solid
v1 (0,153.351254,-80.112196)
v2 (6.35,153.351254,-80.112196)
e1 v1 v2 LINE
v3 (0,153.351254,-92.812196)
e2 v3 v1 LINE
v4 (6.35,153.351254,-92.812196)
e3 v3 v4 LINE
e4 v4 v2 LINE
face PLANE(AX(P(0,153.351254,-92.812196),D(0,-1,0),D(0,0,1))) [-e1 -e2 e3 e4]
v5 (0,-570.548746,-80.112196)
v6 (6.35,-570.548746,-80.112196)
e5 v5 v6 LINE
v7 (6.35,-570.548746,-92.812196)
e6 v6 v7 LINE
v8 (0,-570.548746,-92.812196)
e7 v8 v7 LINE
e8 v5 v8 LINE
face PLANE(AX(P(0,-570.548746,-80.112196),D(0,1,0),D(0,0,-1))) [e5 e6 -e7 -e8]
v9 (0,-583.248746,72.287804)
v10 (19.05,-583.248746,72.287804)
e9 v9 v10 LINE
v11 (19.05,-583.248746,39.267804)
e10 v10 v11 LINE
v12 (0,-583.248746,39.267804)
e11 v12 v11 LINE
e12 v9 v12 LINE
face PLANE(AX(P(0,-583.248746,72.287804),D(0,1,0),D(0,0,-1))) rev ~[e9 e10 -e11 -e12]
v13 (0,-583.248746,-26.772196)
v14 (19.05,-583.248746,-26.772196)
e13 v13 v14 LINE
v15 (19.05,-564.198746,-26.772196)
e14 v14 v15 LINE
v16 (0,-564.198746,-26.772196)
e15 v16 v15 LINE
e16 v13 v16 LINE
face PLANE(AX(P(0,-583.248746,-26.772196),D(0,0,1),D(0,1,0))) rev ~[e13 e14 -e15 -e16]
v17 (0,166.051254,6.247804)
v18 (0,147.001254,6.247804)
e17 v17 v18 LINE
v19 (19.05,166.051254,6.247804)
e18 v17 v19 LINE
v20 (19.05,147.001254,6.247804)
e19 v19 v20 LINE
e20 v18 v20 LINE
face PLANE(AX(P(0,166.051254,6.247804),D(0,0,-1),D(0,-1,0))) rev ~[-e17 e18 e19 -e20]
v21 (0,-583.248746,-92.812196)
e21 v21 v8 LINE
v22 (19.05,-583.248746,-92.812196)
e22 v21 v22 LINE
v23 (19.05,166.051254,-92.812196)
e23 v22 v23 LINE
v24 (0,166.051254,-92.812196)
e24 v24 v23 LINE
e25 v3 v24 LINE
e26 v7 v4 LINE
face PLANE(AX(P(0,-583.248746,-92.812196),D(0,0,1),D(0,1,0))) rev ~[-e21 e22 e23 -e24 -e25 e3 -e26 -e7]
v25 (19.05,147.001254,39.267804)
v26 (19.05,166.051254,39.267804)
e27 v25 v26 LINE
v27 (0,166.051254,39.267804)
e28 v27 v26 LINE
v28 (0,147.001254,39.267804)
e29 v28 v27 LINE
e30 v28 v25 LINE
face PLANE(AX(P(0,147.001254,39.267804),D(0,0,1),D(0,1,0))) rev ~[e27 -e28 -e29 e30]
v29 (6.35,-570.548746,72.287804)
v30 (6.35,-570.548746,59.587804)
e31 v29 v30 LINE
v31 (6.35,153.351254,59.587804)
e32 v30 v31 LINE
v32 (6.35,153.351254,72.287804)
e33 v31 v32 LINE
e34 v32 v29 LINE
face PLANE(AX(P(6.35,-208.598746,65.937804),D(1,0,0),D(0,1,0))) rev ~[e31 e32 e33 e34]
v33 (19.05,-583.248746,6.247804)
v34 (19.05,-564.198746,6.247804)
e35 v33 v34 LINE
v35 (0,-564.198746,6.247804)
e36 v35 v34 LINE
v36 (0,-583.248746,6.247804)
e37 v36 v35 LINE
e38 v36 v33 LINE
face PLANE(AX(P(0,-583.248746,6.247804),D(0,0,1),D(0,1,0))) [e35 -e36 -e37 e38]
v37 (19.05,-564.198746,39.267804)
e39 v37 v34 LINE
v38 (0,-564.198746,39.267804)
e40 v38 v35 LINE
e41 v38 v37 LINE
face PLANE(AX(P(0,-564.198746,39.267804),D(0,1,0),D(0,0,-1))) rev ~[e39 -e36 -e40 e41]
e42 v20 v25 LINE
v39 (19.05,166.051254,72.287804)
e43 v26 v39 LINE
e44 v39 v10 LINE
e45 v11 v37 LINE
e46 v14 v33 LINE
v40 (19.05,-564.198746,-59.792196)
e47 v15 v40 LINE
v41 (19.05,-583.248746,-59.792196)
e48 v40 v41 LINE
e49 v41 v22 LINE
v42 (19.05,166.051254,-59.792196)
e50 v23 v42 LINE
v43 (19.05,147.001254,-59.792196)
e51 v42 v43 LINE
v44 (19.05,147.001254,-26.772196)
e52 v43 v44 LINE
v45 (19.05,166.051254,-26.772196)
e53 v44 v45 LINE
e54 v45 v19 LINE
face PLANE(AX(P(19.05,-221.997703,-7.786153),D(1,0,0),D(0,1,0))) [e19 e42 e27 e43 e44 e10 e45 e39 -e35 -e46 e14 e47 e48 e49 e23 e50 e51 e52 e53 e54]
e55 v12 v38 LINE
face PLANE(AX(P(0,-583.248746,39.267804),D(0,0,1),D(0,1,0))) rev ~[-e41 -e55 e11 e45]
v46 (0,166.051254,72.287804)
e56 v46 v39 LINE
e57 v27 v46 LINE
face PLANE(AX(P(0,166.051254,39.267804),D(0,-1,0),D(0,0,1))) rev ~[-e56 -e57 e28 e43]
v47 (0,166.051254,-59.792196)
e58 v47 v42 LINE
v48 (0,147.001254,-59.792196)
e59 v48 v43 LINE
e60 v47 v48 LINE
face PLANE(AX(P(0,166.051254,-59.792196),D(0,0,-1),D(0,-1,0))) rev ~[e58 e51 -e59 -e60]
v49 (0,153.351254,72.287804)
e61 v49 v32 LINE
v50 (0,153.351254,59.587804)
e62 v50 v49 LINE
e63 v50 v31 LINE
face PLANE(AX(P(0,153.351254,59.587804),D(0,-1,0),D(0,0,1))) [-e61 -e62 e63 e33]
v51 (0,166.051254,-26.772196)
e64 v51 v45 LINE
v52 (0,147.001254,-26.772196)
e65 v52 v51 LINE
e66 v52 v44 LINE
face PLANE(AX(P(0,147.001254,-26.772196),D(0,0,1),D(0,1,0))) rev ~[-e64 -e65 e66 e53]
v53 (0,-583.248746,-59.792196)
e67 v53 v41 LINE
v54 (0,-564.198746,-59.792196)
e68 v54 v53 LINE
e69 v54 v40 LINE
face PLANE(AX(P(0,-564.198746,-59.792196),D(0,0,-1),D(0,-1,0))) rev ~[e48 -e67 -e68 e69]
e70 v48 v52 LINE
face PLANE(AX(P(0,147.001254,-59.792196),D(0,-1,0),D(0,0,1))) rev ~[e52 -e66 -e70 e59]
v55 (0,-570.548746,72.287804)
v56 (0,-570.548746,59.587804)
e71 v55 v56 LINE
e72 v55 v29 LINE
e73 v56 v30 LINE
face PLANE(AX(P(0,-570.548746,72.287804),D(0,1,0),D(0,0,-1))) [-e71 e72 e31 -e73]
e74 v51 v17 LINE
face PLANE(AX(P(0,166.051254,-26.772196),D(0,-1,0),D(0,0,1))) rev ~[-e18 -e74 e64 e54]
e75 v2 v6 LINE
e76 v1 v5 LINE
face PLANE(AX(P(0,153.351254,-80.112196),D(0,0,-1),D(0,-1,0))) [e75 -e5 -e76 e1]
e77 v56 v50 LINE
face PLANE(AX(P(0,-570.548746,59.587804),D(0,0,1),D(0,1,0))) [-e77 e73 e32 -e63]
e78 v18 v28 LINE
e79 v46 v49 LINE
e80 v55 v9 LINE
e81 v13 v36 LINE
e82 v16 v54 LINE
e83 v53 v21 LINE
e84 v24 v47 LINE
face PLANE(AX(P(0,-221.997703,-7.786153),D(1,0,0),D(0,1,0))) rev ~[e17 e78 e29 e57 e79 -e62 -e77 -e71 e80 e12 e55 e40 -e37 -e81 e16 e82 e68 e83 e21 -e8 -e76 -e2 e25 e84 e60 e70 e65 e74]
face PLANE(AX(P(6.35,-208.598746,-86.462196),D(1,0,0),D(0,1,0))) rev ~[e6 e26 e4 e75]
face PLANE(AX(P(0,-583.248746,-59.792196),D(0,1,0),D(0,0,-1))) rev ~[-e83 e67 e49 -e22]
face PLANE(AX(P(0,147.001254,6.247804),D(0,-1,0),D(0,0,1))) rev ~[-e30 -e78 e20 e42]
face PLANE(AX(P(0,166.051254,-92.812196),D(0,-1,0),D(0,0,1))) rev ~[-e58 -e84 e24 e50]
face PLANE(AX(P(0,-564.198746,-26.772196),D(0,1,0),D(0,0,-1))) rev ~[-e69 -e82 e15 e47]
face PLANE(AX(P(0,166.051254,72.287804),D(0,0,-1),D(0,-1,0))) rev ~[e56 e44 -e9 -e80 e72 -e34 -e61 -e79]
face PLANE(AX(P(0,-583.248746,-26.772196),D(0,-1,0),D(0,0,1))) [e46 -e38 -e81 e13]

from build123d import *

# Parameters (mm, degrees)
F0_W     = 19.05
F0_H     = 33.02
F1_DEPTH = 19.05
F2_DEPTH = 6.35
F3_DEPTH = 6.35


with BuildPart() as f1:
    # F0 (on Right) → F1 (new body)
    with BuildSketch(Plane.YZ):
        Polygon((-570.548746, 72.287804), (-583.248746, 72.287804), (-583.248746, 39.267804), (-564.198746, 39.267804), (-564.198746, 6.247804), (-564.198746, -26.772196), (-564.198746, -59.792196), (-564.198746, -80.112196), (147.001254, -80.112196), (147.001254, -59.792196), (147.001254, -26.772196), (147.001254, -10.262196), (147.001254, 6.247804), (147.001254, 39.267804), (147.001254, 59.587804), (-564.198746, 59.587804), (-570.548746, 59.587804), align=None)
        Polygon((-564.198746, 72.287804), (-570.548746, 72.287804), (-570.548746, 59.587804), (-564.198746, 59.587804), (147.001254, 59.587804), (153.351254, 59.587804), (153.351254, 72.287804), (147.001254, 72.287804), align=None)
        with Locations((-573.723746, -10.262196)):
            Rectangle(F0_W, F0_H)
        Polygon((166.051254, 72.287804), (153.351254, 72.287804), (153.351254, 59.587804), (147.001254, 59.587804), (147.001254, 39.267804), (166.051254, 39.267804), align=None)
        Polygon((-564.198746, -80.112196), (-564.198746, -59.792196), (-583.248746, -59.792196), (-583.248746, -92.812196), (-570.548746, -92.812196), (-570.548746, -80.112196), align=None)
        Polygon((166.051254, 6.247804), (147.001254, 6.247804), (147.001254, -10.262196), (147.001254, -26.772196), (166.051254, -26.772196), align=None)
        Polygon((147.001254, -80.112196), (-564.198746, -80.112196), (-570.548746, -80.112196), (-570.548746, -92.812196), (-564.198746, -92.812196), (147.001254, -92.812196), (153.351254, -92.812196), (153.351254, -80.112196), align=None)
        Polygon((147.001254, -59.792196), (147.001254, -80.112196), (153.351254, -80.112196), (153.351254, -92.812196), (166.051254, -92.812196), (166.051254, -59.792196), align=None)
    extrude(amount=F1_DEPTH)

    # F0 (on Right) → F2 (cut)
    with BuildSketch(Plane.YZ):
        Polygon((-564.198746, 72.287804), (-570.548746, 72.287804), (-570.548746, 59.587804), (-564.198746, 59.587804), (147.001254, 59.587804), (153.351254, 59.587804), (153.351254, 72.287804), (147.001254, 72.287804), align=None)
    extrude(amount=F2_DEPTH, mode=Mode.SUBTRACT)

    # F0 (on Right) → F3 (cut)
    with BuildSketch(Plane.YZ):
        Polygon((147.001254, -80.112196), (-564.198746, -80.112196), (-570.548746, -80.112196), (-570.548746, -92.812196), (-564.198746, -92.812196), (147.001254, -92.812196), (153.351254, -92.812196), (153.351254, -80.112196), align=None)
    extrude(amount=F3_DEPTH, mode=Mode.SUBTRACT)


solid = f1.part
